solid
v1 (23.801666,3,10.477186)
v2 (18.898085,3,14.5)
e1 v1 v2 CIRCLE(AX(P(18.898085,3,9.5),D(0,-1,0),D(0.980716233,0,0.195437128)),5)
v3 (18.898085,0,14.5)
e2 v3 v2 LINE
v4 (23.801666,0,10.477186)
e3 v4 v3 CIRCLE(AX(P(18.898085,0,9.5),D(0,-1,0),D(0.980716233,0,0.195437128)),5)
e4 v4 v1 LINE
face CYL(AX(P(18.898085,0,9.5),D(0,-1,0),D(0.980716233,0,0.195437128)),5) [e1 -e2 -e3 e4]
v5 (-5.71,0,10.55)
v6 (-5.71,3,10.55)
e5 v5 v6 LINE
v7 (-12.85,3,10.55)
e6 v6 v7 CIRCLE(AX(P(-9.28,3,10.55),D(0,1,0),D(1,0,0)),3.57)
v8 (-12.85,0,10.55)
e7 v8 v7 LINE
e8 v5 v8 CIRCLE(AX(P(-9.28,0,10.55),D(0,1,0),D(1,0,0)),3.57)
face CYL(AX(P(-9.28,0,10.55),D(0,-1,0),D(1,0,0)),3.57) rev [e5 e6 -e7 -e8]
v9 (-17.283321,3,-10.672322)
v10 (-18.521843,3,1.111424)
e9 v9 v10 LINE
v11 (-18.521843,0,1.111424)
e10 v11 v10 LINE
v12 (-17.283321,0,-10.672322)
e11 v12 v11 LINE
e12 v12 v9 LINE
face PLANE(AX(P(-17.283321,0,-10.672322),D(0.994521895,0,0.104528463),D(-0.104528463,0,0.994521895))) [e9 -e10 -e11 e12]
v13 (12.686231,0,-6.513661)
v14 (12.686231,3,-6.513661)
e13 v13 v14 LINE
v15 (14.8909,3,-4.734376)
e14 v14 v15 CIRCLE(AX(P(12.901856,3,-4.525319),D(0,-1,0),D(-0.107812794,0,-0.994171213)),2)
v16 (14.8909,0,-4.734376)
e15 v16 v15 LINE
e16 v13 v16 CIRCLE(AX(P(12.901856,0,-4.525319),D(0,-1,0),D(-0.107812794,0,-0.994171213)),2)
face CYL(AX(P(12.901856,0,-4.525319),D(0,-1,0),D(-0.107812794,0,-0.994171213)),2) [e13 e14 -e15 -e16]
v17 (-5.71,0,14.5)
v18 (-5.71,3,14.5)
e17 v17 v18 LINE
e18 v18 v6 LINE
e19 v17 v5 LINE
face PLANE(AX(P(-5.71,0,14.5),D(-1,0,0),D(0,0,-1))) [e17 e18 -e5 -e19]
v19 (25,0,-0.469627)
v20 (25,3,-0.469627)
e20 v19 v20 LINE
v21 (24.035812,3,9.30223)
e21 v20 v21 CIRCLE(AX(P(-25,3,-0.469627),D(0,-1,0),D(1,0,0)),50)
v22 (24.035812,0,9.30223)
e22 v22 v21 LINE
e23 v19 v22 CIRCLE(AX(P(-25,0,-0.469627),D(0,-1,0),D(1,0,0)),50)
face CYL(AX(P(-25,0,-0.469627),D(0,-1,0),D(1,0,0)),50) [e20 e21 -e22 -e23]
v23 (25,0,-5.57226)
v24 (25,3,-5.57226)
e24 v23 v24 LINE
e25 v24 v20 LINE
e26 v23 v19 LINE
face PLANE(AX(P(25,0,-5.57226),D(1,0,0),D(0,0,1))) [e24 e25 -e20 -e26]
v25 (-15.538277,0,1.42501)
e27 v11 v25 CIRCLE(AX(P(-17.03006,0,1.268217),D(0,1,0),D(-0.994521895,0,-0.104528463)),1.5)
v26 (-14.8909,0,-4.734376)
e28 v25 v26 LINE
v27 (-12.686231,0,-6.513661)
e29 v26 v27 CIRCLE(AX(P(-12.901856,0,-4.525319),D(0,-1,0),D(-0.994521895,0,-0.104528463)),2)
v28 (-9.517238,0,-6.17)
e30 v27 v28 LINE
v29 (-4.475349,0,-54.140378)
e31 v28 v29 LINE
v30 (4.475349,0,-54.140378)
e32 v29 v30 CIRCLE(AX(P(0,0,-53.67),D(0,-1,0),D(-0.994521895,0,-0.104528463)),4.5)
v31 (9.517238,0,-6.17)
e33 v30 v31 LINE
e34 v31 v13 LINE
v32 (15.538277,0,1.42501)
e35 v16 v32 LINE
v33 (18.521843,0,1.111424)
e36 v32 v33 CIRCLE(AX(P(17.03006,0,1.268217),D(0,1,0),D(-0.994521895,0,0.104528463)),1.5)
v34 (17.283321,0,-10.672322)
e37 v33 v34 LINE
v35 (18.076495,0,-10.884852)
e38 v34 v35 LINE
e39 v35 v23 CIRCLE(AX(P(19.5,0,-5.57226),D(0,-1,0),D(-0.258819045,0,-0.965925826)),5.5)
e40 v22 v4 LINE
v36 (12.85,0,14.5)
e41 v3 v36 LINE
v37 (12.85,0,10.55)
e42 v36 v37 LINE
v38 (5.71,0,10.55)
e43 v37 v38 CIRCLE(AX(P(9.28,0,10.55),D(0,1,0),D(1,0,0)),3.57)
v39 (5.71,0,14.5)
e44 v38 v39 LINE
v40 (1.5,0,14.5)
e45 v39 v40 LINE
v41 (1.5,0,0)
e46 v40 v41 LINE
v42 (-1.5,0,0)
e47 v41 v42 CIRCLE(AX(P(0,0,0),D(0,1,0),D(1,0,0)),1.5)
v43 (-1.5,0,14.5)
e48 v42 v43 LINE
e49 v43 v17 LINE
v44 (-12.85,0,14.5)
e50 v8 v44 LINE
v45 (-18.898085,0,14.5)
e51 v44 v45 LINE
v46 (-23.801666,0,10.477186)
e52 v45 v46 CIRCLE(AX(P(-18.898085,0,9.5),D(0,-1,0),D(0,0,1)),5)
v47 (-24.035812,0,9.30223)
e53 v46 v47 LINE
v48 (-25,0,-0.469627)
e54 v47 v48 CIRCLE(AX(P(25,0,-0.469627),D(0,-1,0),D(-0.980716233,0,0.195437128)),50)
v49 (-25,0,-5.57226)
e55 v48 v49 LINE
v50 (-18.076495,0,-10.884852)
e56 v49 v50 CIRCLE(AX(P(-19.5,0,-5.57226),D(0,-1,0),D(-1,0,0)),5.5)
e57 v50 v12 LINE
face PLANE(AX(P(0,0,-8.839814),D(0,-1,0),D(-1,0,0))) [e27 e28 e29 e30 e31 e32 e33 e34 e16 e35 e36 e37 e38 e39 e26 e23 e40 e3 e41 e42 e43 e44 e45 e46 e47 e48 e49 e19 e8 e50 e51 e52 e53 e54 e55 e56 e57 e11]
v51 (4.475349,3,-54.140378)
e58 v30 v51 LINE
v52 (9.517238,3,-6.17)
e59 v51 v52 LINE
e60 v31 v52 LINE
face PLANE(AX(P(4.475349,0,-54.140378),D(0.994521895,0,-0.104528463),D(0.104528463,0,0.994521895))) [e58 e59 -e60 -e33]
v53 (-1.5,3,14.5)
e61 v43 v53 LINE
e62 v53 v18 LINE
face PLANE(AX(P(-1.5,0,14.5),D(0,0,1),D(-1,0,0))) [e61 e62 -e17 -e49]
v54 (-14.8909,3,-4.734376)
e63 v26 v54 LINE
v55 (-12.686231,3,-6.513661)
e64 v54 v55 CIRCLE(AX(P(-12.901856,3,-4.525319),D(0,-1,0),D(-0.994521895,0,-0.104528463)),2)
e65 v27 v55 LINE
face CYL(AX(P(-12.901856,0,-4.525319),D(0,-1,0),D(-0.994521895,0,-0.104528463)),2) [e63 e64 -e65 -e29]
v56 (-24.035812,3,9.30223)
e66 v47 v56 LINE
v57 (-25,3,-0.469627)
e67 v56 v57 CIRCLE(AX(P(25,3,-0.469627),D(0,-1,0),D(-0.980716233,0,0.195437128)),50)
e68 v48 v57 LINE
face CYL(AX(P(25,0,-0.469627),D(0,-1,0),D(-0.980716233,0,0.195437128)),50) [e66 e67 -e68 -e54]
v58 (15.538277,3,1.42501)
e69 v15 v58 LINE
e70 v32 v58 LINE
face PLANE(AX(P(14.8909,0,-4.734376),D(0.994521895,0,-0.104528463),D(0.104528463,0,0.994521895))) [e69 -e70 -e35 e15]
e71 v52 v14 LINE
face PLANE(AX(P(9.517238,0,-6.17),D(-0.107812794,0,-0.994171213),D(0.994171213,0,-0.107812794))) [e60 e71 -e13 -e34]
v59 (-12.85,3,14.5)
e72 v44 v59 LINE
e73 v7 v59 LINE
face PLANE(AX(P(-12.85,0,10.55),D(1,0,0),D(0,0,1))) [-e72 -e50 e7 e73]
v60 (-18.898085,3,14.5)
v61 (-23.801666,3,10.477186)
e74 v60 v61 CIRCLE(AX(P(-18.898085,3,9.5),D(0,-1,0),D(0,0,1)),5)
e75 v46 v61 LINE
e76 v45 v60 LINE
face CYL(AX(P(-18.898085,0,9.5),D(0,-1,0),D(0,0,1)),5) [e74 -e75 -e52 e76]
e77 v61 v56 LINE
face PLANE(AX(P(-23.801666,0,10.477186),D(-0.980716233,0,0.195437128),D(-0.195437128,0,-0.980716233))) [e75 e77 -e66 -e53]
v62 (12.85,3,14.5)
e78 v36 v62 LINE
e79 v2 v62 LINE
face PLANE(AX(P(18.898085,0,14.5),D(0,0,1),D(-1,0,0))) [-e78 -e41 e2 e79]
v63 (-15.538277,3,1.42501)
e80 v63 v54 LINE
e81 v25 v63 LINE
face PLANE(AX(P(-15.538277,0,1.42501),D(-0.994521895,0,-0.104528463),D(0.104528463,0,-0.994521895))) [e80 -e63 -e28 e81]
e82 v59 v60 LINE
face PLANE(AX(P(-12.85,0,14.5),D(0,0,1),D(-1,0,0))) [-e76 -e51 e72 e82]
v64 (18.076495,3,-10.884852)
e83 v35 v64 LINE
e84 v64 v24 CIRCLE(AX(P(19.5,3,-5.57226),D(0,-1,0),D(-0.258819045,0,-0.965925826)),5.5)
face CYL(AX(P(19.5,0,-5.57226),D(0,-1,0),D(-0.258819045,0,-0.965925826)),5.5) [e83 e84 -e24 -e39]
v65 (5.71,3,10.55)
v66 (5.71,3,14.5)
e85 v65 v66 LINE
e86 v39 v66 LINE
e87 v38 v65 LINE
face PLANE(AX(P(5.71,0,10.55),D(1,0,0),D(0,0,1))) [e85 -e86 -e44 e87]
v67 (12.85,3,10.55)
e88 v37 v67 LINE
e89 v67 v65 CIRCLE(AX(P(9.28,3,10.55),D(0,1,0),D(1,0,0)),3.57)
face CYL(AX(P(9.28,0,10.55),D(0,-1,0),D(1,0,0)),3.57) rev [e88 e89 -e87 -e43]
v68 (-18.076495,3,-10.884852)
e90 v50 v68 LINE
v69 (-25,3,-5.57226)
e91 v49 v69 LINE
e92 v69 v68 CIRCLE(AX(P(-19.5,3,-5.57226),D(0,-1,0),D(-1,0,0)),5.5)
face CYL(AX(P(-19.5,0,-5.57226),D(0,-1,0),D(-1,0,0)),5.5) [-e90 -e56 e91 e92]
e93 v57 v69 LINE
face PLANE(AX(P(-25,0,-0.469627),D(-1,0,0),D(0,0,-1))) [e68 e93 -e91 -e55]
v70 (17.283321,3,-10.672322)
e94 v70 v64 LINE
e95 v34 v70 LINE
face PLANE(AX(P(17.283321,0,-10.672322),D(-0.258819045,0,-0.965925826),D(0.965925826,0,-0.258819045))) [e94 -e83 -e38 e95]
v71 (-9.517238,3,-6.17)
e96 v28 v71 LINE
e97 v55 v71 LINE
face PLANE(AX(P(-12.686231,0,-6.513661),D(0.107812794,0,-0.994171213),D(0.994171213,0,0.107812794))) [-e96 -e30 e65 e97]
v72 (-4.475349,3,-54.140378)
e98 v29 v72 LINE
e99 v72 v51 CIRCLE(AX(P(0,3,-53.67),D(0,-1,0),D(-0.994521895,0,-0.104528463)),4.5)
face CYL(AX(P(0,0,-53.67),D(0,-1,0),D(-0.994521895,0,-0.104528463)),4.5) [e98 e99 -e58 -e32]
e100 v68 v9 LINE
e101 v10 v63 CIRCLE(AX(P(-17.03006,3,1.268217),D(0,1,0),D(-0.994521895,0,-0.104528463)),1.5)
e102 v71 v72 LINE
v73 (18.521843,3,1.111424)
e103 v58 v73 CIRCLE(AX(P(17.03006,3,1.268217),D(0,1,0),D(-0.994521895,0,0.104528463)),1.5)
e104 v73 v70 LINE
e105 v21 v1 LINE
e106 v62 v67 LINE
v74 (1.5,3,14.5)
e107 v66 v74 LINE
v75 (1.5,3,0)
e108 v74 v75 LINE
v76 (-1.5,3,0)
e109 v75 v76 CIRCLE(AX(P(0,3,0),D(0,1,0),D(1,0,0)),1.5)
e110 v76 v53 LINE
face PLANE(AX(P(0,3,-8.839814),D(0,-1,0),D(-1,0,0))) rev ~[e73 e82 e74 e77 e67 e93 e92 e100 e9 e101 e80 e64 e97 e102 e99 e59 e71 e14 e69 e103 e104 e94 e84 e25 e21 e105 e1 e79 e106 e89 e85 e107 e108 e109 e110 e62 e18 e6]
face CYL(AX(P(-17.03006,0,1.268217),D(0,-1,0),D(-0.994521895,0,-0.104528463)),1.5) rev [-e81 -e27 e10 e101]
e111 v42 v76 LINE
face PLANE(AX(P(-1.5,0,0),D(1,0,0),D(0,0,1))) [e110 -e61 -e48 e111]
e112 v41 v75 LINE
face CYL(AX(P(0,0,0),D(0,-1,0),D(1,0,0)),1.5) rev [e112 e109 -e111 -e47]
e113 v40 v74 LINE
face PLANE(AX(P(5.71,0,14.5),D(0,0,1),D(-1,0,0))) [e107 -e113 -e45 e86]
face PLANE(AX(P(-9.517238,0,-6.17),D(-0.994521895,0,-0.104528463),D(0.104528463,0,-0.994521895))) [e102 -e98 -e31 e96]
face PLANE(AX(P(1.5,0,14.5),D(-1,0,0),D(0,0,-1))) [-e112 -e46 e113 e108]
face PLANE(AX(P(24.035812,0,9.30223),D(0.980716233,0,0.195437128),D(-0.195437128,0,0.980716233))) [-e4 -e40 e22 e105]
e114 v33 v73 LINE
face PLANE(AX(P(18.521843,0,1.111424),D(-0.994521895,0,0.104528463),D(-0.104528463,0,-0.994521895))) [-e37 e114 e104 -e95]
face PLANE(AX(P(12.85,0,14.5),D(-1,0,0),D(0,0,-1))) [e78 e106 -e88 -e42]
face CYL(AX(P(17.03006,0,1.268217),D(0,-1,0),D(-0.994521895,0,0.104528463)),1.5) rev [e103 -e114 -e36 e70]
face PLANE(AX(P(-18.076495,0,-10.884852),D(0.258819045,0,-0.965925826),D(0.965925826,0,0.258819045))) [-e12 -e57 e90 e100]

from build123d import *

# Parameters (mm, degrees)
BOSS_EXTRUDE1_DEPTH = 3


with BuildPart() as part:
    # Sketch1 → Boss-Extrude1 (new body)
    with BuildSketch(Plane(origin=(0, 0, 0), x_dir=(1, 0, 0), z_dir=(0, 1, 0))):
        with BuildLine():
            Line((4.475348529, 54.140378085), (9.517238433, 6.17))
            Line((9.517238433, 6.17), (12.686230549, 6.513661021))
            ThreePointArc((12.686230549, 6.513661021), (14.15792829, 6.081687043), (14.890899928, 4.734375521))
            Line((14.890899928, 4.734375521), (15.538277417, -1.425009852))
            ThreePointArc((15.538277417, -1.425009852), (17.186852955, -2.76), (18.521843103, -1.111424462))
            Line((18.521843103, -1.111424462), (17.283321421, 10.672322207))
            Line((17.283321421, 10.672322207), (18.076495252, 10.884852494))
            ThreePointArc((18.076495252, 10.884852494), (22.84818786, 9.935703821), (25, 5.572260449))
            Line((25, 5.572260449), (25, 0.469626618))
            ThreePointArc((25, 0.469626618), (24.758369054, -4.440028067), (24.035811635, -9.302229772))
            Line((24.035811635, -9.302229772), (23.801666433, -10.477185639))
            ThreePointArc((23.801666433, -10.477185639), (22.069368276, -13.36561303), (18.89808527, -14.5))
            Line((18.89808527, -14.5), (12.85, -14.5))
            Line((12.85, -14.5), (12.85, -10.55))
            ThreePointArc((12.85, -10.55), (9.28, -6.98), (5.71, -10.55))
            Line((5.71, -10.55), (5.71, -14.5))
            Line((5.71, -14.5), (1.5, -14.5))
            Line((1.5, -14.5), (1.5, 0))
            ThreePointArc((1.5, 0), (0, 1.5), (-1.5, 0))
            Line((-1.5, 0), (-1.5, -14.5))
            Line((-1.5, -14.5), (-5.71, -14.5))
            Line((-5.71, -14.5), (-5.71, -10.55))
            ThreePointArc((-5.71, -10.55), (-9.28, -6.98), (-12.85, -10.55))
            Line((-12.85, -10.55), (-12.85, -14.5))
            Line((-12.85, -14.5), (-18.89808527, -14.5))
            ThreePointArc((-18.89808527, -14.5), (-22.069368276, -13.36561303), (-23.801666433, -10.477185639))
            Line((-23.801666433, -10.477185639), (-24.035811635, -9.302229772))
            ThreePointArc((-24.035811635, -9.302229772), (-24.758369054, -4.440028067), (-25, 0.469626618))
            Line((-25, 0.469626618), (-25, 5.572260449))
            ThreePointArc((-25, 5.572260449), (-22.84818786, 9.935703821), (-18.076495252, 10.884852494))
            Line((-18.076495252, 10.884852494), (-17.283321421, 10.672322207))
            Line((-17.283321421, 10.672322207), (-18.521843103, -1.111424462))
            ThreePointArc((-18.521843103, -1.111424462), (-17.186852955, -2.76), (-15.538277417, -1.425009852))
            Line((-15.538277417, -1.425009852), (-14.890899928, 4.734375521))
            ThreePointArc((-14.890899928, 4.734375521), (-14.15792829, 6.081687043), (-12.686230549, 6.513661021))
            Line((-12.686230549, 6.513661021), (-9.517238433, 6.17))
            Line((-9.517238433, 6.17), (-4.475348529, 54.140378085))
            ThreePointArc((-4.475348529, 54.140378085), (0, 58.17), (4.475348529, 54.140378085))
        make_face()
    extrude(amount=BOSS_EXTRUDE1_DEPTH)


solid = part.part
